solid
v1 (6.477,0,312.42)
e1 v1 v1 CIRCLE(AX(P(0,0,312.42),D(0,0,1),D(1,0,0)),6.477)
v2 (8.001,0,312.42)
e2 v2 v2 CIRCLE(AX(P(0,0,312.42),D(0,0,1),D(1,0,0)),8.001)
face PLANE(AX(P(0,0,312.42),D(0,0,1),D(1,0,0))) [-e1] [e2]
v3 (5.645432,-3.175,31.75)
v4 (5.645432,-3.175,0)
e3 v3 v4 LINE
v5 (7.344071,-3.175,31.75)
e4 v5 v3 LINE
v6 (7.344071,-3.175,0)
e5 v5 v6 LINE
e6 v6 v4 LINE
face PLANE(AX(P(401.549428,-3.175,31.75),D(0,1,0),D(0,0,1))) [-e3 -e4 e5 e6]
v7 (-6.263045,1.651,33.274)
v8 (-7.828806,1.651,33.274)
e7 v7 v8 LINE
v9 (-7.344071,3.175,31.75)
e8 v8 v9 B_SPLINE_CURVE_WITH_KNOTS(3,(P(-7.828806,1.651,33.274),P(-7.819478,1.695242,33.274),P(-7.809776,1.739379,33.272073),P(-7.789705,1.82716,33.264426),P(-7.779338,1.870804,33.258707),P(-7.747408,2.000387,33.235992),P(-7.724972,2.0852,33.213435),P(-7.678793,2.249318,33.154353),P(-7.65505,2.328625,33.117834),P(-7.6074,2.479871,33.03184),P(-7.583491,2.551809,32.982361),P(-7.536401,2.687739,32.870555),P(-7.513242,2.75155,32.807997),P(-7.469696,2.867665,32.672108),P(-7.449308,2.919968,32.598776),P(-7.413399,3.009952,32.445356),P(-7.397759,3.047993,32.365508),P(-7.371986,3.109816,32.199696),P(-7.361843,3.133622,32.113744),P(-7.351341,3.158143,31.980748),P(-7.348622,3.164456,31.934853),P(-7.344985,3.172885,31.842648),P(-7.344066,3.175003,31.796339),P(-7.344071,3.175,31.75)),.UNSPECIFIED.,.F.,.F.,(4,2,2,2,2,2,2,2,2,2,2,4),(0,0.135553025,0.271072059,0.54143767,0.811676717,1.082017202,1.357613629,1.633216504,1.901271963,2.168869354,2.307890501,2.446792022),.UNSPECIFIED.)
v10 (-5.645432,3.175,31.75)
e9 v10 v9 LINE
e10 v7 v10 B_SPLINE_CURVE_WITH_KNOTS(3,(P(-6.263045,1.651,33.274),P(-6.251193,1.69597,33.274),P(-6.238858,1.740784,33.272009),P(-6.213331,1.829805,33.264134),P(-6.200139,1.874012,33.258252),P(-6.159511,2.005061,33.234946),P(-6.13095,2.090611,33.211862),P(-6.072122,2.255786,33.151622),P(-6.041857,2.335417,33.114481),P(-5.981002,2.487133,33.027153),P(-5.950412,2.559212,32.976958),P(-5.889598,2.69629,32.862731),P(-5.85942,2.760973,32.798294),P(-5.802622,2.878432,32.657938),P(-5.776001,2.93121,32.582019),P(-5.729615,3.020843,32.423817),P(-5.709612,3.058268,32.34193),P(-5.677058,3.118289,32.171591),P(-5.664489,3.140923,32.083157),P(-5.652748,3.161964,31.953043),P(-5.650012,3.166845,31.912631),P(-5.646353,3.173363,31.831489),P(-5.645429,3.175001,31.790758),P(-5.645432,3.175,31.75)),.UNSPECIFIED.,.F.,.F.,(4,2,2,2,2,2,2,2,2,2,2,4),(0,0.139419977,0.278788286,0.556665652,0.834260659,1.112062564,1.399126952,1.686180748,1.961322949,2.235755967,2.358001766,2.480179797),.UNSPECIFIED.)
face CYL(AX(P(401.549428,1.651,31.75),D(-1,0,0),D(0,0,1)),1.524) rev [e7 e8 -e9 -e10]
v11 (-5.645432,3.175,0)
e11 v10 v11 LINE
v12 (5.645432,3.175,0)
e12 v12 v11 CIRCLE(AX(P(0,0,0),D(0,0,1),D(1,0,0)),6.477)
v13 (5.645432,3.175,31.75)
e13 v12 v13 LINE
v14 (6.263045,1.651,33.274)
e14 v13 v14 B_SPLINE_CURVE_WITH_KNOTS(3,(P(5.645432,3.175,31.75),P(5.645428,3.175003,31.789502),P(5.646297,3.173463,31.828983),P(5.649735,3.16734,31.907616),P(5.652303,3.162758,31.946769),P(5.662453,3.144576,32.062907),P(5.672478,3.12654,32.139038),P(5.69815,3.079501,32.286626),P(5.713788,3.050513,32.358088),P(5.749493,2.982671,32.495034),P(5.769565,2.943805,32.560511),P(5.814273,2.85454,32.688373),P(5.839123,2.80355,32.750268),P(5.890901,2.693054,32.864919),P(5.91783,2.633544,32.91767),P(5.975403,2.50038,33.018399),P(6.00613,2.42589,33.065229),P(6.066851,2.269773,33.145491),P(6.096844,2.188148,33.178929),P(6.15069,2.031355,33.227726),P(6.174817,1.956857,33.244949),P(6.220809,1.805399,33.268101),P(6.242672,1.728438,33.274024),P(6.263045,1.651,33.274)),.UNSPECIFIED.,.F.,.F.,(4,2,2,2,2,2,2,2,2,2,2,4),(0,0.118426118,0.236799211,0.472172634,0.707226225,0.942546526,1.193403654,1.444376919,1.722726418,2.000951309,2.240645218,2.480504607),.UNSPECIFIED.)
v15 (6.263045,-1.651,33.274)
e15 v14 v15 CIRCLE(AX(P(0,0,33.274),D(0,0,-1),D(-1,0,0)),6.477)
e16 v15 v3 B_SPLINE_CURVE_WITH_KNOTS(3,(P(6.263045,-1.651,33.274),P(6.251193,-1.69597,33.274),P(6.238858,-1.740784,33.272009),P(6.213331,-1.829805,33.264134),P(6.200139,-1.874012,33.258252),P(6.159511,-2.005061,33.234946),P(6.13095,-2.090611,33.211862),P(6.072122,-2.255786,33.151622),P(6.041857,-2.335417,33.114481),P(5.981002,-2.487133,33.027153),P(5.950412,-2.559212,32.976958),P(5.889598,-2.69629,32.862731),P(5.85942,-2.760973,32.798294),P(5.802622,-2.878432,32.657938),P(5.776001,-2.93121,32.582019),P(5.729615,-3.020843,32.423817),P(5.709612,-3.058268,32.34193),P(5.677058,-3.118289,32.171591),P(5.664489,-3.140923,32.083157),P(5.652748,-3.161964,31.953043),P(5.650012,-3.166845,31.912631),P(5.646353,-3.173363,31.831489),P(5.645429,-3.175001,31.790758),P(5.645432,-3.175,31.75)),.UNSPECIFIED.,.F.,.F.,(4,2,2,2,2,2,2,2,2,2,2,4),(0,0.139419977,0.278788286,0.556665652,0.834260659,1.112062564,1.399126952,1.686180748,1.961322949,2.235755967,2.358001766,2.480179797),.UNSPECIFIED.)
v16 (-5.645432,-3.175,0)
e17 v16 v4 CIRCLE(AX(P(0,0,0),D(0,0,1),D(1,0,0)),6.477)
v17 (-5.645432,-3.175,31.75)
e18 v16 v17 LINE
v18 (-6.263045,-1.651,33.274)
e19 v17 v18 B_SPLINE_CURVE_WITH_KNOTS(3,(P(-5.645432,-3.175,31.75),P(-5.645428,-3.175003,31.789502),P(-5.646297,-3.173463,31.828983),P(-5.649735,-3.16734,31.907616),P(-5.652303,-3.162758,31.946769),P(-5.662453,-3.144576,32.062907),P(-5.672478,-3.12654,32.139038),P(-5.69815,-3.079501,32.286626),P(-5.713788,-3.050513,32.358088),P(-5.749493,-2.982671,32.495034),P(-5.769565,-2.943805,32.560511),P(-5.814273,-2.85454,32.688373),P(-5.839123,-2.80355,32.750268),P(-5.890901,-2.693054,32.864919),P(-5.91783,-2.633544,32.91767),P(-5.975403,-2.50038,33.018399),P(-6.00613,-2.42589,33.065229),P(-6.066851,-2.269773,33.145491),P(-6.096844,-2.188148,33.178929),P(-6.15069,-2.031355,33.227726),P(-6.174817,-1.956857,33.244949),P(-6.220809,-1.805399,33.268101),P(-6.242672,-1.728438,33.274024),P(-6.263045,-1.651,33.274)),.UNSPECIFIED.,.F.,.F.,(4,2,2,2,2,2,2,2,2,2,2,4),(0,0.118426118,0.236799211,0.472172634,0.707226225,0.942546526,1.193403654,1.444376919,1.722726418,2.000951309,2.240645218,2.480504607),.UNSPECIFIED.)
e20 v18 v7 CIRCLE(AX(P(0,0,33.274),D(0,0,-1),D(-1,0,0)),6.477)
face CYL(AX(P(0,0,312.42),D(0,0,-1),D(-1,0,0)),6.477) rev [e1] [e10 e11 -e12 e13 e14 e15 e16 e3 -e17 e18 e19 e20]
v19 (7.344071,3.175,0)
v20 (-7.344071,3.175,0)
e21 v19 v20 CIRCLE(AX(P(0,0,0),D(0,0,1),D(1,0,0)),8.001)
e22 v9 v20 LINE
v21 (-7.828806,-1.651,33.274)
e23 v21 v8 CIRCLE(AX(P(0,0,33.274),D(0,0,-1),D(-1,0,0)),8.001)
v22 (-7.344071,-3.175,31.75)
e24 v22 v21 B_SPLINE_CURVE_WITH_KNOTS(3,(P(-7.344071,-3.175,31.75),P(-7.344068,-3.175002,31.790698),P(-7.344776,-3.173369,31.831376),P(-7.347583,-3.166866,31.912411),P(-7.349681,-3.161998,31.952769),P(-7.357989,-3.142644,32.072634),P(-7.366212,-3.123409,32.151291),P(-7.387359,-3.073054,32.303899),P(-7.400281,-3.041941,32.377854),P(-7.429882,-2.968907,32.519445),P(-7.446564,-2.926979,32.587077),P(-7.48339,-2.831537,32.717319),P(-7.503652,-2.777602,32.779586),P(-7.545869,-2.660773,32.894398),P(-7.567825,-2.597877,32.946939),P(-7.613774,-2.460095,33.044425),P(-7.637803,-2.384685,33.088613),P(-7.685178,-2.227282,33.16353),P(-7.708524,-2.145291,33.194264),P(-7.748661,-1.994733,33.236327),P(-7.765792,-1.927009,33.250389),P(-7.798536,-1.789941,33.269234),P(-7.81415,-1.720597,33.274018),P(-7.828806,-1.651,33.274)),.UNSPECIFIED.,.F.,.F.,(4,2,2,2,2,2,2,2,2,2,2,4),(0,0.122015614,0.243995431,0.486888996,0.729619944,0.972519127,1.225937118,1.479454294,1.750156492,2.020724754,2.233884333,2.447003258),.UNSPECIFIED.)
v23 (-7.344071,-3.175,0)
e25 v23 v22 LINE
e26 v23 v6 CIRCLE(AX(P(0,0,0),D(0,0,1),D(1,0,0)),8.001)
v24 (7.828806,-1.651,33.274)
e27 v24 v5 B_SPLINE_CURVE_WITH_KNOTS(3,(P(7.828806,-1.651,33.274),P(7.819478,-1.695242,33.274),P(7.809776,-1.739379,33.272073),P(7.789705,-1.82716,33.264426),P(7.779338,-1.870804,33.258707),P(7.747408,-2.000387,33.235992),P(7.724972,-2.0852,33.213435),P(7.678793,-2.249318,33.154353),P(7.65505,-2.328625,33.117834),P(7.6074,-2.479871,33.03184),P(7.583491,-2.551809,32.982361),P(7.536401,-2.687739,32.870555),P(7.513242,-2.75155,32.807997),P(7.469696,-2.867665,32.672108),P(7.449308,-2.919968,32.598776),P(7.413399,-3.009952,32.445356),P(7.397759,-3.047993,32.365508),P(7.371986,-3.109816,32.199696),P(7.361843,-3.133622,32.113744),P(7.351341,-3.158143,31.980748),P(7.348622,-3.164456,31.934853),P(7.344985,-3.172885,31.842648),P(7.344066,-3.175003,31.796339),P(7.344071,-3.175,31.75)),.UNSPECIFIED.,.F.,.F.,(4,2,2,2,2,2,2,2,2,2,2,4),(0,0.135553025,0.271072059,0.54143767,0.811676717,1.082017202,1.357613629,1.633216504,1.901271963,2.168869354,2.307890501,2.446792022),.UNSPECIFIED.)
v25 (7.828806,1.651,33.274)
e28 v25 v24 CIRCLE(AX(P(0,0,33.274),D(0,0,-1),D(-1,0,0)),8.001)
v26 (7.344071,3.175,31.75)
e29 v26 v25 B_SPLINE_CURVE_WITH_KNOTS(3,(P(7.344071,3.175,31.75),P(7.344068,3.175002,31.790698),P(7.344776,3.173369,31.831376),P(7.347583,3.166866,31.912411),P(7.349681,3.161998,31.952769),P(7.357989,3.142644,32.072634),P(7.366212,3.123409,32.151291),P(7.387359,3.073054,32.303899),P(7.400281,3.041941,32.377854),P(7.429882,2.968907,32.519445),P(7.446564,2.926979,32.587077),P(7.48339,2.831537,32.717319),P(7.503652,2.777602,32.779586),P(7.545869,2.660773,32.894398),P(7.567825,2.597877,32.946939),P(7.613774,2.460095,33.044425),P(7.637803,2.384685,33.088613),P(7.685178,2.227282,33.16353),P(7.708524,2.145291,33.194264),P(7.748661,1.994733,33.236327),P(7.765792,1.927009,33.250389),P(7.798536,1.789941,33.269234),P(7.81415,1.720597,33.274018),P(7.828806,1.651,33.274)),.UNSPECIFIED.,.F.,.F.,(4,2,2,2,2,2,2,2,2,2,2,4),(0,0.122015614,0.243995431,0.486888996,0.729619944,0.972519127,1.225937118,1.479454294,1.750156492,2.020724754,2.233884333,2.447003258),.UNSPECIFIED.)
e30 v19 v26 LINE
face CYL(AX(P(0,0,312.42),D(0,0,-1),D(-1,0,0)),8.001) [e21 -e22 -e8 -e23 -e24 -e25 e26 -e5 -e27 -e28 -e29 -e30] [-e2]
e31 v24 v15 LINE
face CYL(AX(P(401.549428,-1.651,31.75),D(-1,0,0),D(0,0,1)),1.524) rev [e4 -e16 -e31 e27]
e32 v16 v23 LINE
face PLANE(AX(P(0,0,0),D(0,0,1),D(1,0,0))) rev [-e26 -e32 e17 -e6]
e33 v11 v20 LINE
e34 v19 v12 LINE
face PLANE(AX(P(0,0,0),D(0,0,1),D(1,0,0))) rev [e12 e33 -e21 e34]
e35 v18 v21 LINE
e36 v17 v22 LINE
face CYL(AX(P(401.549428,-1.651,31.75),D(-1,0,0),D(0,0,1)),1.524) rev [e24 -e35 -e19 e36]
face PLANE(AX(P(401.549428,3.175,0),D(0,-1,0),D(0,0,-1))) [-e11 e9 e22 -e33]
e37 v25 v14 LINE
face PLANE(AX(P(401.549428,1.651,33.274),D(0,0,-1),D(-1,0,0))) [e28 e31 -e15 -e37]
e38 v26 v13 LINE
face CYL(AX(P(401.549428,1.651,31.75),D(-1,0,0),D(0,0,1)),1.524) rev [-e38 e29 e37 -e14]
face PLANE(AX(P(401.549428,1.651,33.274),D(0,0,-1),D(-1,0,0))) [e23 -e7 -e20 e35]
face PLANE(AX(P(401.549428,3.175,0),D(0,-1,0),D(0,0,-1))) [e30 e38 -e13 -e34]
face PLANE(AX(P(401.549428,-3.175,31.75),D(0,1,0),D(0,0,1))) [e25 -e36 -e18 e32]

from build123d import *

# Parameters (mm, degrees)
SKETCH1_R               = 8.001
SKETCH1_R_2             = 6.477
BOSS_EXTRUDE1_DEPTH     = 312.42
CUT_EXTRUDE2_DEPTH      = 313.624836509
CUT_EXTRUDE2_DEPTH_BACK = 313.624836509


with BuildPart() as part:
    # Sketch1 → Boss-Extrude1 (new body)
    with BuildSketch(Plane.XY):
        Circle(SKETCH1_R)
        Circle(SKETCH1_R_2, mode=Mode.SUBTRACT)
    extrude(amount=BOSS_EXTRUDE1_DEPTH)

    # Sketch2 → Cut-Extrude2 (cut, two sides: drawn at the far end of the back side and taken through both)
    with BuildSketch(Plane(origin=(0, 0, 0), x_dir=(0, 0, -1), z_dir=(1, 0, 0)).offset(-CUT_EXTRUDE2_DEPTH_BACK)):
        with BuildLine():
            Line((635.239664052, 3.175), (0, 3.175))
            Line((0, 3.175), (-31.75, 3.175))
            ThreePointArc((-31.75, 3.175), (-32.827630735, 2.728630735), (-33.274, 1.651))
            Line((-33.274, 1.651), (-33.274, -1.651))
            ThreePointArc((-33.274, -1.651), (-32.827630735, -2.728630735), (-31.75, -3.175))
            Line((-31.75, -3.175), (0, -3.175))
            Line((0, -3.175), (635.239664052, -3.175))
            Line((635.239664052, -3.175), (1905.718992156, -3.175))
            Line((1905.718992156, -3.175), (1905.718992156, 3.175))
            Line((1905.718992156, 3.175), (635.239664052, 3.175))
        make_face()
    extrude(amount=CUT_EXTRUDE2_DEPTH + CUT_EXTRUDE2_DEPTH_BACK, mode=Mode.SUBTRACT)


solid = part.part
